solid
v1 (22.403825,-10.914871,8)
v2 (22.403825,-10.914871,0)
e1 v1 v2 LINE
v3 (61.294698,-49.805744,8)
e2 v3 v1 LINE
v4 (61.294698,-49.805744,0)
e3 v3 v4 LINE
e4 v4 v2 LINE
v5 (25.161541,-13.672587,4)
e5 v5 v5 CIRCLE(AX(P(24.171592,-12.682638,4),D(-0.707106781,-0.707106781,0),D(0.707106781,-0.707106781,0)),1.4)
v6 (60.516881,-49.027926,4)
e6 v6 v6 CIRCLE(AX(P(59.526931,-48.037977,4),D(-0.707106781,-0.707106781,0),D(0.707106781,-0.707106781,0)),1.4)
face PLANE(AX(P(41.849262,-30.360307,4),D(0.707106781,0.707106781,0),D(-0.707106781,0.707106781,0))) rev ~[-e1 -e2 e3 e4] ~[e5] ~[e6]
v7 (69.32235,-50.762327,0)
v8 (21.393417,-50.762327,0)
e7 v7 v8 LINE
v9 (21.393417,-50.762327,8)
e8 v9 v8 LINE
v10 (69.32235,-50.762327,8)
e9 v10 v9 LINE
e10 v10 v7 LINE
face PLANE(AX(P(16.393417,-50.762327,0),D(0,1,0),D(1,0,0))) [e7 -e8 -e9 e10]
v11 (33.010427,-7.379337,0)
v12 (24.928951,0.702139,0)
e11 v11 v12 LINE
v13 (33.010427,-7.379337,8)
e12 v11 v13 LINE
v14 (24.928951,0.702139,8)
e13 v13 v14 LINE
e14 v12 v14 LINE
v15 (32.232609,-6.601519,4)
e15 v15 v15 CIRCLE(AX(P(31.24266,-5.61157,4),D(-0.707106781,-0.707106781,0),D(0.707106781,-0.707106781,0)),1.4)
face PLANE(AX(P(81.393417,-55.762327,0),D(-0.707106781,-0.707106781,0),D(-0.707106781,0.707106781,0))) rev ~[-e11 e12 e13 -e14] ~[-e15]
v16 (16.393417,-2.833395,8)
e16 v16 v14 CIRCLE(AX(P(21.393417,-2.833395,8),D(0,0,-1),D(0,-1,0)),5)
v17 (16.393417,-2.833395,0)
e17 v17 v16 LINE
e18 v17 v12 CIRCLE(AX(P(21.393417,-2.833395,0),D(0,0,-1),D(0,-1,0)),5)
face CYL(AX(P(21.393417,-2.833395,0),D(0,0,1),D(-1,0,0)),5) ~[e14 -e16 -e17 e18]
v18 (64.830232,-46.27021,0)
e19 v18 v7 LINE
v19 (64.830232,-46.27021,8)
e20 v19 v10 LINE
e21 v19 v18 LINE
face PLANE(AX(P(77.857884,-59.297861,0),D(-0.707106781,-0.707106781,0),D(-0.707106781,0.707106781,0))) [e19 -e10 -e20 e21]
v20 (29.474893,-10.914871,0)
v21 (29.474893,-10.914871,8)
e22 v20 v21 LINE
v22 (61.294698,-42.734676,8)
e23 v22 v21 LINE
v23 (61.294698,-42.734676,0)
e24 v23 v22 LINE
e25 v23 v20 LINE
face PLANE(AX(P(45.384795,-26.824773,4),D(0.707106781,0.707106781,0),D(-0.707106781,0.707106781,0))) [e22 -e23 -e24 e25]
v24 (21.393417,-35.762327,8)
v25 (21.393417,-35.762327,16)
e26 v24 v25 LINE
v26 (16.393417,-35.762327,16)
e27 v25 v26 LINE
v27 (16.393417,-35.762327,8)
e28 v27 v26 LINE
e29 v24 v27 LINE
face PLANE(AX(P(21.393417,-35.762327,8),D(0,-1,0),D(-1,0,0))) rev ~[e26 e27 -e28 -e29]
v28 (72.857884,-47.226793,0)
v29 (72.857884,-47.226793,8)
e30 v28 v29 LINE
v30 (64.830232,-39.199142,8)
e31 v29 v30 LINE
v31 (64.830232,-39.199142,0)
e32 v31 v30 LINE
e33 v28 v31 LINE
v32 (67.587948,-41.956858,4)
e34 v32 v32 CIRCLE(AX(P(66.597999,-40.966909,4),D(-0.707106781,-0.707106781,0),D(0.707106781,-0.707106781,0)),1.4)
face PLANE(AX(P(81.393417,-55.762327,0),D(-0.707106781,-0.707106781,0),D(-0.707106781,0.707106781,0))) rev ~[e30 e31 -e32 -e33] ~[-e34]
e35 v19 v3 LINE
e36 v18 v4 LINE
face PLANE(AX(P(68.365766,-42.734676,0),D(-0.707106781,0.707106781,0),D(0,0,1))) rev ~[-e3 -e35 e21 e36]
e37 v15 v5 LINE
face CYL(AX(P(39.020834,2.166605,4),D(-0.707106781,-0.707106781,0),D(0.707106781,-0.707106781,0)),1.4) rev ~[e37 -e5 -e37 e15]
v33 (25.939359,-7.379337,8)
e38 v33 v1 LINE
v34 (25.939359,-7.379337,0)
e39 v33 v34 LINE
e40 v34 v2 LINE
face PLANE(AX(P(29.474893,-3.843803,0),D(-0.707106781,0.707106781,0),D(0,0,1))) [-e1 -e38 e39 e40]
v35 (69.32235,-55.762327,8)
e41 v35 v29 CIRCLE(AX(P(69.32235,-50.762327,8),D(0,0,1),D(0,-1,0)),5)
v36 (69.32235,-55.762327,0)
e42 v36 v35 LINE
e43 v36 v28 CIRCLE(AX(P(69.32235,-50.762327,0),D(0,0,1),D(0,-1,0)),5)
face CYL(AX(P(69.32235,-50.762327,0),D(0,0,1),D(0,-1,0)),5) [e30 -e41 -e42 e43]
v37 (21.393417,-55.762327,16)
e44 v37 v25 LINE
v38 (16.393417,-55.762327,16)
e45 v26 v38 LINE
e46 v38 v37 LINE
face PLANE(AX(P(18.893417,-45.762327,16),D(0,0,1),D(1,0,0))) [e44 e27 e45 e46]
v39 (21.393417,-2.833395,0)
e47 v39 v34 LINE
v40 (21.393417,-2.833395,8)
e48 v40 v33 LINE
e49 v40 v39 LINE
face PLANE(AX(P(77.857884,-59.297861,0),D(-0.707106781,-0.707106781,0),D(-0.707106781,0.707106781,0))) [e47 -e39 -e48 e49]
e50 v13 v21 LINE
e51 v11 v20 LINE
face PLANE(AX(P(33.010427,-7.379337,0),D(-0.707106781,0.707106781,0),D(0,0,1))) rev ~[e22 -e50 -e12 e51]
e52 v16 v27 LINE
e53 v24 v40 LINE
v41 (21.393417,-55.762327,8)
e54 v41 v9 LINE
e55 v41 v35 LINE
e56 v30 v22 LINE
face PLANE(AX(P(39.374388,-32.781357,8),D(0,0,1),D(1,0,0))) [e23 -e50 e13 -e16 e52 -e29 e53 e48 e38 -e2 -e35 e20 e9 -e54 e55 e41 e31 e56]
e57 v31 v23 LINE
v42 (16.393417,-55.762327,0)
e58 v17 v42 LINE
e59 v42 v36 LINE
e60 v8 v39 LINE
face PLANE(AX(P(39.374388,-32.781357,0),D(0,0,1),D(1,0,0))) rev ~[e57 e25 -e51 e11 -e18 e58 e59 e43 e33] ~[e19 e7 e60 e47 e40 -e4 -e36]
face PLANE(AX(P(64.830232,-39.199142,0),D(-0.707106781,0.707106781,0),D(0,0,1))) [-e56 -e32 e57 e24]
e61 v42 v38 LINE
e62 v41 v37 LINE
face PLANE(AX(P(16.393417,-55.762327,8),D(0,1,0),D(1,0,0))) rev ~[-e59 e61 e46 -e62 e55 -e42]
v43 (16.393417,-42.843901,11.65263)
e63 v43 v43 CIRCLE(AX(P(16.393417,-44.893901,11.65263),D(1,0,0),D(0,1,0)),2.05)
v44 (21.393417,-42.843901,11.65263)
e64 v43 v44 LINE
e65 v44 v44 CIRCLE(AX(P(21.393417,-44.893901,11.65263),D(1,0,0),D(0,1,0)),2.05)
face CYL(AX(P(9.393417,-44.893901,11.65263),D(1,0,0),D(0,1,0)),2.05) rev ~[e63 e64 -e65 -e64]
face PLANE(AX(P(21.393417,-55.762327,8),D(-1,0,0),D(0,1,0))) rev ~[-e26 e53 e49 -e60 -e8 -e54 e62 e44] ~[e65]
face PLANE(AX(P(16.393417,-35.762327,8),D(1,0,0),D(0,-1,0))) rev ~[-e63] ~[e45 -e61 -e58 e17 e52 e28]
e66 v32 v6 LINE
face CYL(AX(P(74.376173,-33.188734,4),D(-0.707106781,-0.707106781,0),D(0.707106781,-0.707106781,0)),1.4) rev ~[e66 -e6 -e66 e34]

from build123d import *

# Parameters (mm, degrees)
F1_DEPTH = 8
F2_W     = 45
F2_H     = 8
F3_DEPTH = 5
F4_T     = -5
F5_D     = 2.8
F5_DEPTH = 11
F5_TIP   = 0.8412048666
F7_DEPTH = 8
F9_D     = 4.1
F9_DEPTH = 7
F9_TIP   = 1.231764269
F10_R    = 5


with BuildPart() as f1:
    # F0 (on Top) → F1 (new body)
    with BuildSketch(Plane.XY):
        Polygon((81.39341741, -55.7623273981), (16.39341741, 9.2376726019), (16.39341741, -55.7623273981), align=None)
    extrude(amount=F1_DEPTH)

    # F2 (on face) → F3 (cut)
    with BuildSketch(Plane(origin=(12.8155450059, 12.8155450059, 0), x_dir=(-0.7071067812, 0.7071067812, 0), z_dir=(0.7071067812, 0.7071067812, 0))):
        with Locations((-51.0598756783, 4)):
            Rectangle(F2_W, F2_H)
    extrude(amount=-F3_DEPTH, mode=Mode.SUBTRACT)

    # F4
    f4_openings = [f1.faces().sort_by_distance(p)[0] for p in [
        (36.976212, -35.173116, 8),
        (36.976212, -35.173116, 0),
    ]]
    offset(amount=F4_T, openings=f4_openings, kind=Kind.INTERSECTION)

    # F5
    with Locations(Plane(origin=(12.8155450059, 12.8155450059, 0), x_dir=(-0.7071067812, 0.7071067812, 0), z_dir=(0.7071067812, 0.7071067812, 0))):
        with Locations((-26.0598756783, 4), (-76.0598756783, 4)):
            Hole(F5_D / 2, depth=F5_DEPTH)
            with Locations((0, 0, -(F5_DEPTH + F5_TIP / 2))):  # 118° drill point
                Cone(0, F5_D / 2, F5_TIP, mode=Mode.SUBTRACT)

    # F6 (on face) → F7 (join)
    with BuildSketch(Plane.XY.offset(8)):
        Polygon((21.39341741, -35.7623273981), (16.39341741, -35.7623273981), (16.39341741, -55.7623273981), (21.39341741, -55.7623273981), (21.39341741, -50.7623273981), align=None)
    extrude(amount=F7_DEPTH)

    # F9
    with Locations(Plane(origin=(16.39341741, 0, 0), x_dir=(0, -1, 0), z_dir=(-1, 0, 0))):
        with Locations((44.8939013033, 11.6526295621)):
            Hole(F9_D / 2, depth=F9_DEPTH)
            with Locations((0, 0, -(F9_DEPTH + F9_TIP / 2))):  # 118° drill point
                Cone(0, F9_D / 2, F9_TIP, mode=Mode.SUBTRACT)

    # F10
    f10_edges = [f1.edges().sort_by_distance(p)[0] for p in [
        (16.393417, 9.237673, 4),
        (81.393417, -55.762327, 4),
    ]]
    fillet(f10_edges, radius=F10_R)


solid = f1.part
